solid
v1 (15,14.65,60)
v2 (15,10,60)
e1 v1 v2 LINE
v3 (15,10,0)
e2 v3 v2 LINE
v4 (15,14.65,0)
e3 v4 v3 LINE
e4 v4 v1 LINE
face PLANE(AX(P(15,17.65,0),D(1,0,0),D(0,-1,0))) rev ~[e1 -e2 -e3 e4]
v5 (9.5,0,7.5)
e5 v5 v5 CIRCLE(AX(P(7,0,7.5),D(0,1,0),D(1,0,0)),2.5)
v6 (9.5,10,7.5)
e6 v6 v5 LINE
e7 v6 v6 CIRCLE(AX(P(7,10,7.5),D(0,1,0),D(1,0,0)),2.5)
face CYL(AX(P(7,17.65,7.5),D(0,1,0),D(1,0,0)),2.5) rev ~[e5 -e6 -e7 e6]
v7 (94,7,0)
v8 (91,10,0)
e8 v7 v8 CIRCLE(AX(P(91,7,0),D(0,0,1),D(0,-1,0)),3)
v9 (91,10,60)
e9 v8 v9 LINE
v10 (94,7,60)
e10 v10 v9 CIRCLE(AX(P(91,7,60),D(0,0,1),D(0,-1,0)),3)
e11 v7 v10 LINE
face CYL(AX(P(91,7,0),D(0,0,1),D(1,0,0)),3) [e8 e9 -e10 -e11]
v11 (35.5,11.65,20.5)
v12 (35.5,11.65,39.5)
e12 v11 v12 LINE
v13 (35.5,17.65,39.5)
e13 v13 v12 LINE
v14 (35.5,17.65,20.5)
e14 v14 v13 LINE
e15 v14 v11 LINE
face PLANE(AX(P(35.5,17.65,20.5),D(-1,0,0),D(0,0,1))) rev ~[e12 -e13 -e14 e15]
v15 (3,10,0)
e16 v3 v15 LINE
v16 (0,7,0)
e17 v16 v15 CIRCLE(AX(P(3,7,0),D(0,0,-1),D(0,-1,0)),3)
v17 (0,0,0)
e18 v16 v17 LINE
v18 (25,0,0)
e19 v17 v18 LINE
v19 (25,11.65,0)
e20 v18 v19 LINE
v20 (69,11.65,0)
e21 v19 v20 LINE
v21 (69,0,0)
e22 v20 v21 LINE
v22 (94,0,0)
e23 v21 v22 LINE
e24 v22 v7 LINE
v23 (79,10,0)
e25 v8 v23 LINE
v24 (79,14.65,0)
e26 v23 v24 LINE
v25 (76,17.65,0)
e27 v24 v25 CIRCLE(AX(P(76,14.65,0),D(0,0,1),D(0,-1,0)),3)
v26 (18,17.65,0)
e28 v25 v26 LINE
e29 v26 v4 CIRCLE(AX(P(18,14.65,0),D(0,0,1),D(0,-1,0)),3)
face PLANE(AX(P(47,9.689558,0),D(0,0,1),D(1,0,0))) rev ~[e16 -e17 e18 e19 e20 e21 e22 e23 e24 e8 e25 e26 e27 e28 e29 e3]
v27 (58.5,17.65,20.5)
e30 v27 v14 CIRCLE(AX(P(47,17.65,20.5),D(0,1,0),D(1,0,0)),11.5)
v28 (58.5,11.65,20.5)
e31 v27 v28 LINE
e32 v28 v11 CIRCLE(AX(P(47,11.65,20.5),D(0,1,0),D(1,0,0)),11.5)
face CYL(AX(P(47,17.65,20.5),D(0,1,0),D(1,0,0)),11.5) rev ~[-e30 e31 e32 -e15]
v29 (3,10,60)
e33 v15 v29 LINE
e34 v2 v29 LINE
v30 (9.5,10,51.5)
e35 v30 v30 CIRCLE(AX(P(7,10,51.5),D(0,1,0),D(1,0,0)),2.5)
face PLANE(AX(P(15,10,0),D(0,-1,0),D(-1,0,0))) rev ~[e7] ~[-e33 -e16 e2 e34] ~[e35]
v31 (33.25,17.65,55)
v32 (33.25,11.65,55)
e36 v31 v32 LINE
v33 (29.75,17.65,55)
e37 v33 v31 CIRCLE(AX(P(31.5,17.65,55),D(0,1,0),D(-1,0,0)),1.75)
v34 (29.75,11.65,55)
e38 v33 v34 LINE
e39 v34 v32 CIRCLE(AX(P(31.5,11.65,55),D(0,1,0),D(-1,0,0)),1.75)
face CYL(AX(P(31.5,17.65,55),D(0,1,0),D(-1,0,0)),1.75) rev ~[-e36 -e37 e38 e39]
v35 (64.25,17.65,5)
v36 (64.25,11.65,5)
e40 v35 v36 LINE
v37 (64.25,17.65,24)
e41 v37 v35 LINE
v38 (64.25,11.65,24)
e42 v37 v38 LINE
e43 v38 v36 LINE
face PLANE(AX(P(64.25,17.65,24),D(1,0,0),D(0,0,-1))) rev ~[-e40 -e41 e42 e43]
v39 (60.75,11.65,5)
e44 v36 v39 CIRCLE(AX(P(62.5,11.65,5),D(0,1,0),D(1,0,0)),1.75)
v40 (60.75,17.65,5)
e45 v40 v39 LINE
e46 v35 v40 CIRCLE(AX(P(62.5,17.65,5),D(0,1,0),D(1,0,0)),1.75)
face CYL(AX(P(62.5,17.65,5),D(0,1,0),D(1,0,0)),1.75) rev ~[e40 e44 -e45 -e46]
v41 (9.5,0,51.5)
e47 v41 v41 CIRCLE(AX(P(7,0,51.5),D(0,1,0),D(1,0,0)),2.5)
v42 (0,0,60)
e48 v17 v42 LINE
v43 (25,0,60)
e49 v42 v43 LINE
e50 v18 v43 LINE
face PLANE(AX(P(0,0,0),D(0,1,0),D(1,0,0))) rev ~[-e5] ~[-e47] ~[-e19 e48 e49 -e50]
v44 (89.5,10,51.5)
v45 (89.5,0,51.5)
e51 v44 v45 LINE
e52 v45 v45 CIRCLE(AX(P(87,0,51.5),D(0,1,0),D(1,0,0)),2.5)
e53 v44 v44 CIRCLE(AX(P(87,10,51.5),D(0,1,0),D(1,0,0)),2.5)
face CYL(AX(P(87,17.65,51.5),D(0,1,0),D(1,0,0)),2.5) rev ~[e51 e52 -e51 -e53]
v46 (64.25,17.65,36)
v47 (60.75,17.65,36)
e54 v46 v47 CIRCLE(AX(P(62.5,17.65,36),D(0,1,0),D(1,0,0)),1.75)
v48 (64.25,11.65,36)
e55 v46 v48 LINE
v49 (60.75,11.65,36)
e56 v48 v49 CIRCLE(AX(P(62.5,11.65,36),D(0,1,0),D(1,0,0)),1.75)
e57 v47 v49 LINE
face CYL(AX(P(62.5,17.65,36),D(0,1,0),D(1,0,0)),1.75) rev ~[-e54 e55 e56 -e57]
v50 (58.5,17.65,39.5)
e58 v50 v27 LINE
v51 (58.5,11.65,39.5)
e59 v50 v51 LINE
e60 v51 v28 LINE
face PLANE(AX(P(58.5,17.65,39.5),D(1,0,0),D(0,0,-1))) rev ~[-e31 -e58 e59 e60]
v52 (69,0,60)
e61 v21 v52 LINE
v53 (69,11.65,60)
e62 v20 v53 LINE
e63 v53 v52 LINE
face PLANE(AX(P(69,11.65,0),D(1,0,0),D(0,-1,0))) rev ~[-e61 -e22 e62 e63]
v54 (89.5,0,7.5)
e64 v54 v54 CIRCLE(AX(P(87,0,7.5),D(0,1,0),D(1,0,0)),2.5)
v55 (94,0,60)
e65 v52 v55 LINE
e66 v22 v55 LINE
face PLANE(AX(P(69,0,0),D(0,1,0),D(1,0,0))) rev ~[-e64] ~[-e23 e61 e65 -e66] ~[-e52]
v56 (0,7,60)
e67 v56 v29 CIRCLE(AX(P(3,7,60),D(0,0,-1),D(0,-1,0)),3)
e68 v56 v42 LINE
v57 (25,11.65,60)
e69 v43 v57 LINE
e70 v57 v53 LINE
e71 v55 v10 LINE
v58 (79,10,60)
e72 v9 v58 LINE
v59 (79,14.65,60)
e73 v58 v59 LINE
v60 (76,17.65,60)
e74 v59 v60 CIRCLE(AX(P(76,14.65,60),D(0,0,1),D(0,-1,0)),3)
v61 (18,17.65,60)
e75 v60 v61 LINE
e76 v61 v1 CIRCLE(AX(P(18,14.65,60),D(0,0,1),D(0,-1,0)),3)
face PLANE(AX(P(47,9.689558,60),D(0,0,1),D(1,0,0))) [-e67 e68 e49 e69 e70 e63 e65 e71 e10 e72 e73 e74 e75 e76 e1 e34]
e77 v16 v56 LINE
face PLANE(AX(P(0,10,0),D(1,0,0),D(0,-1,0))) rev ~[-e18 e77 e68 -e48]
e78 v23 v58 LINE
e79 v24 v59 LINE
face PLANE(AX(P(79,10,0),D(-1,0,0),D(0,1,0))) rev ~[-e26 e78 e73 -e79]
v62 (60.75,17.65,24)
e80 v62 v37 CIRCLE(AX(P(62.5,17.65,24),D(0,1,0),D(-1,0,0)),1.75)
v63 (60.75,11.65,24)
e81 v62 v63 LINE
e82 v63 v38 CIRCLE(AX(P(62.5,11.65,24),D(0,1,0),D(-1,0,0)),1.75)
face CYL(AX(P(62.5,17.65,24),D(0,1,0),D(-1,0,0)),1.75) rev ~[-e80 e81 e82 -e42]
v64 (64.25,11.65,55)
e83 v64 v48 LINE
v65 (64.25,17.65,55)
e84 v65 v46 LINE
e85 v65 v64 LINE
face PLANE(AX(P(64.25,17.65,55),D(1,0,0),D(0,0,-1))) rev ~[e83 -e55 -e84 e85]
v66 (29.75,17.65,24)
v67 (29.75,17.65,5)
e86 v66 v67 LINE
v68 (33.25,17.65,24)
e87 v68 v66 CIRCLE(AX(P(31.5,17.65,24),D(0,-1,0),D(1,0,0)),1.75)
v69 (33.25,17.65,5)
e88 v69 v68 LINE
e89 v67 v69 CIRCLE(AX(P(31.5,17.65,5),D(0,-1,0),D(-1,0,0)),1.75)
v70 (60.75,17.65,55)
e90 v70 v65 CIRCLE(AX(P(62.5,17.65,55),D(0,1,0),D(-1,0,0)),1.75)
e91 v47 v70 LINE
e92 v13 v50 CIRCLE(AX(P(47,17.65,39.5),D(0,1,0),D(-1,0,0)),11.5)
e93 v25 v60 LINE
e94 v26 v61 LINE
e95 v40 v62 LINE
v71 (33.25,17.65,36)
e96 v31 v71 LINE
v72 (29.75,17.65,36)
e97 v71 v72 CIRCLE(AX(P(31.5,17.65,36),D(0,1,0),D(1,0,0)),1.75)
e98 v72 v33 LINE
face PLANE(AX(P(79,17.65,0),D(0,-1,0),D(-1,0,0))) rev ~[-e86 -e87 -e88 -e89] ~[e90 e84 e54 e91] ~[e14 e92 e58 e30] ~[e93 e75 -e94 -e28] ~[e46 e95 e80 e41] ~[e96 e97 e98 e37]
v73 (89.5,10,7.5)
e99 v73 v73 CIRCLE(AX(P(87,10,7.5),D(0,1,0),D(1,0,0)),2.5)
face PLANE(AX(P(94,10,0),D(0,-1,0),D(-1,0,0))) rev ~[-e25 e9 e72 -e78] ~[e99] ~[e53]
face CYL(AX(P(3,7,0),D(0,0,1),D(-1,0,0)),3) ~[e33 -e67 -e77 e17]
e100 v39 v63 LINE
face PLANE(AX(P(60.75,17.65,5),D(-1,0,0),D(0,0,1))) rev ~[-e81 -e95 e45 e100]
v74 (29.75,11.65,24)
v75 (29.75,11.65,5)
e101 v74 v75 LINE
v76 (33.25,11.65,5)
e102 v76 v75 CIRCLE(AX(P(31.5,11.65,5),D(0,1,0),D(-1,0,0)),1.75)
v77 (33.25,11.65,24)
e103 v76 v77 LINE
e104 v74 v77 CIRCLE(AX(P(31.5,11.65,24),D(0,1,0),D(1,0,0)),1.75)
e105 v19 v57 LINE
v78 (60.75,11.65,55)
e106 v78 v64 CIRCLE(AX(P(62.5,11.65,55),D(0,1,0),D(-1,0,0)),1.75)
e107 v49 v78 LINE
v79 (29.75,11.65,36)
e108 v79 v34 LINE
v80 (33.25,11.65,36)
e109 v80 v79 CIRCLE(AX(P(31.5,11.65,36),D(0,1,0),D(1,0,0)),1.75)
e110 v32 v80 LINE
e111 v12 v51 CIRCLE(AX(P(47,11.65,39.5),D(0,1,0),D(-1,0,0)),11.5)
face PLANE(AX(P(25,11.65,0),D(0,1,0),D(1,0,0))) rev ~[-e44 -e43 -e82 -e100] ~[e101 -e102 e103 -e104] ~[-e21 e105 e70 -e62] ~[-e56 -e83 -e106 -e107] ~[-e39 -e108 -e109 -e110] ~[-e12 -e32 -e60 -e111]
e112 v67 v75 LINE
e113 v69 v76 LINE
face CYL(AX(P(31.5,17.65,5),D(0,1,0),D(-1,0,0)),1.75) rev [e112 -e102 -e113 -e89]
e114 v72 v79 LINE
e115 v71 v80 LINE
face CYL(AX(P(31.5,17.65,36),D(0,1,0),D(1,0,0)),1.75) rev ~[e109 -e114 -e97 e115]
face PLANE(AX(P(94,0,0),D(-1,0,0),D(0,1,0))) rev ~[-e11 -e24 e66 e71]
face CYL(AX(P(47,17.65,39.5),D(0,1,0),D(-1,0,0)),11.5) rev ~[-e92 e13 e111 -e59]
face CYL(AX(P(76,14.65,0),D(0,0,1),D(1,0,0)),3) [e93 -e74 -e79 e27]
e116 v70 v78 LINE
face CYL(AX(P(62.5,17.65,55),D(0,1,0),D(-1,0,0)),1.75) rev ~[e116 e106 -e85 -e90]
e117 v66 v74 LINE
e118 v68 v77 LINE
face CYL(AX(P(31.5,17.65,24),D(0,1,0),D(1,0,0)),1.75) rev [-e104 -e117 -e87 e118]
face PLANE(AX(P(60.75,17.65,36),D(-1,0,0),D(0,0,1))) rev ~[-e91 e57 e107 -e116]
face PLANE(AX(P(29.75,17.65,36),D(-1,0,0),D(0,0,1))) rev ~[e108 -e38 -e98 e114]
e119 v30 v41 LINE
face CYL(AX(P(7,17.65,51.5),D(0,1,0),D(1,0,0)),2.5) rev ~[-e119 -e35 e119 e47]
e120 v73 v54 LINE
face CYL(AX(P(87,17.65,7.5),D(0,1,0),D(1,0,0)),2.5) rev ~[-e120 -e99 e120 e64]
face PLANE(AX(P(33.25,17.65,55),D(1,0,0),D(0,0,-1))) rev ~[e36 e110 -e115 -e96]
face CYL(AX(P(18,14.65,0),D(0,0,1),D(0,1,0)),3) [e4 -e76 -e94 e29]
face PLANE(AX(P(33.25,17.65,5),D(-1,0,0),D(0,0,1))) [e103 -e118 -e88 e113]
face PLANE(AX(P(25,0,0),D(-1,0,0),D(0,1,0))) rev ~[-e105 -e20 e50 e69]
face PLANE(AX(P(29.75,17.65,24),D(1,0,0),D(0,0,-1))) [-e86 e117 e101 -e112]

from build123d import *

# Parameters (mm, degrees)
BOSS_EXTRUDE1_DEPTH = 60
SKETCH2_R           = 2.5
CUT_EXTRUDE1_DEPTH  = 18.65
FILLET1_R           = 3


with BuildPart() as part:
    # Sketch1 → Boss-Extrude1 (new body)
    with BuildSketch(Plane.XY):
        Polygon((0, 0), (25, 0), (25, 11.65), (69, 11.65), (69, 0), (94, 0), (94, 10), (79, 10), (79, 17.65), (15, 17.65), (15, 10), (0, 10), align=None)
    extrude(amount=BOSS_EXTRUDE1_DEPTH)

    # Sketch2 → Cut-Extrude1 (cut, through all)
    with BuildSketch(Plane(origin=(0, 17.65, 0), x_dir=(1, 0, 0), z_dir=(0, 1, 0))):
        with Locations((7, -7.5)):
            Circle(SKETCH2_R)
        with Locations((7, -51.5)):
            Circle(SKETCH2_R)
        with Locations((87, -7.5)):
            Circle(SKETCH2_R)
        with Locations((87, -51.5)):
            Circle(SKETCH2_R)
        with BuildLine():
            Line((29.75, -36), (29.75, -55))
            ThreePointArc((29.75, -55), (31.5, -56.75), (33.25, -55))
            Line((33.25, -55), (33.25, -36))
            ThreePointArc((33.25, -36), (31.5, -34.25), (29.75, -36))
        make_face()
        with BuildLine():
            Line((29.75, -24), (29.75, -5))
            ThreePointArc((29.75, -5), (31.5, -3.25), (33.25, -5))
            Line((33.25, -5), (33.25, -24))
            ThreePointArc((33.25, -24), (31.5, -25.75), (29.75, -24))
        make_face()
        with BuildLine():
            Line((60.75, -5), (60.75, -24))
            ThreePointArc((60.75, -24), (62.5, -25.75), (64.25, -24))
            Line((64.25, -24), (64.25, -5))
            ThreePointArc((64.25, -5), (62.5, -3.25), (60.75, -5))
        make_face()
        with BuildLine():
            Line((60.75, -36), (60.75, -55))
            ThreePointArc((60.75, -55), (62.5, -56.75), (64.25, -55))
            Line((64.25, -55), (64.25, -36))
            ThreePointArc((64.25, -36), (62.5, -34.25), (60.75, -36))
        make_face()
        with BuildLine():
            Line((35.5, -20.5), (35.5, -39.5))
            ThreePointArc((35.5, -39.5), (47, -51), (58.5, -39.5))
            Line((58.5, -39.5), (58.5, -20.5))
            ThreePointArc((58.5, -20.5), (47, -9), (35.5, -20.5))
        make_face()
    extrude(amount=-CUT_EXTRUDE1_DEPTH, mode=Mode.SUBTRACT)

    # Fillet1
    fillet1_edges = [part.edges().sort_by_distance(p)[0] for p in [
        (0, 10, 30),
        (15, 17.65, 30),
        (79, 17.65, 30),
        (94, 10, 30),
    ]]
    fillet(fillet1_edges, radius=FILLET1_R)


solid = part.part
